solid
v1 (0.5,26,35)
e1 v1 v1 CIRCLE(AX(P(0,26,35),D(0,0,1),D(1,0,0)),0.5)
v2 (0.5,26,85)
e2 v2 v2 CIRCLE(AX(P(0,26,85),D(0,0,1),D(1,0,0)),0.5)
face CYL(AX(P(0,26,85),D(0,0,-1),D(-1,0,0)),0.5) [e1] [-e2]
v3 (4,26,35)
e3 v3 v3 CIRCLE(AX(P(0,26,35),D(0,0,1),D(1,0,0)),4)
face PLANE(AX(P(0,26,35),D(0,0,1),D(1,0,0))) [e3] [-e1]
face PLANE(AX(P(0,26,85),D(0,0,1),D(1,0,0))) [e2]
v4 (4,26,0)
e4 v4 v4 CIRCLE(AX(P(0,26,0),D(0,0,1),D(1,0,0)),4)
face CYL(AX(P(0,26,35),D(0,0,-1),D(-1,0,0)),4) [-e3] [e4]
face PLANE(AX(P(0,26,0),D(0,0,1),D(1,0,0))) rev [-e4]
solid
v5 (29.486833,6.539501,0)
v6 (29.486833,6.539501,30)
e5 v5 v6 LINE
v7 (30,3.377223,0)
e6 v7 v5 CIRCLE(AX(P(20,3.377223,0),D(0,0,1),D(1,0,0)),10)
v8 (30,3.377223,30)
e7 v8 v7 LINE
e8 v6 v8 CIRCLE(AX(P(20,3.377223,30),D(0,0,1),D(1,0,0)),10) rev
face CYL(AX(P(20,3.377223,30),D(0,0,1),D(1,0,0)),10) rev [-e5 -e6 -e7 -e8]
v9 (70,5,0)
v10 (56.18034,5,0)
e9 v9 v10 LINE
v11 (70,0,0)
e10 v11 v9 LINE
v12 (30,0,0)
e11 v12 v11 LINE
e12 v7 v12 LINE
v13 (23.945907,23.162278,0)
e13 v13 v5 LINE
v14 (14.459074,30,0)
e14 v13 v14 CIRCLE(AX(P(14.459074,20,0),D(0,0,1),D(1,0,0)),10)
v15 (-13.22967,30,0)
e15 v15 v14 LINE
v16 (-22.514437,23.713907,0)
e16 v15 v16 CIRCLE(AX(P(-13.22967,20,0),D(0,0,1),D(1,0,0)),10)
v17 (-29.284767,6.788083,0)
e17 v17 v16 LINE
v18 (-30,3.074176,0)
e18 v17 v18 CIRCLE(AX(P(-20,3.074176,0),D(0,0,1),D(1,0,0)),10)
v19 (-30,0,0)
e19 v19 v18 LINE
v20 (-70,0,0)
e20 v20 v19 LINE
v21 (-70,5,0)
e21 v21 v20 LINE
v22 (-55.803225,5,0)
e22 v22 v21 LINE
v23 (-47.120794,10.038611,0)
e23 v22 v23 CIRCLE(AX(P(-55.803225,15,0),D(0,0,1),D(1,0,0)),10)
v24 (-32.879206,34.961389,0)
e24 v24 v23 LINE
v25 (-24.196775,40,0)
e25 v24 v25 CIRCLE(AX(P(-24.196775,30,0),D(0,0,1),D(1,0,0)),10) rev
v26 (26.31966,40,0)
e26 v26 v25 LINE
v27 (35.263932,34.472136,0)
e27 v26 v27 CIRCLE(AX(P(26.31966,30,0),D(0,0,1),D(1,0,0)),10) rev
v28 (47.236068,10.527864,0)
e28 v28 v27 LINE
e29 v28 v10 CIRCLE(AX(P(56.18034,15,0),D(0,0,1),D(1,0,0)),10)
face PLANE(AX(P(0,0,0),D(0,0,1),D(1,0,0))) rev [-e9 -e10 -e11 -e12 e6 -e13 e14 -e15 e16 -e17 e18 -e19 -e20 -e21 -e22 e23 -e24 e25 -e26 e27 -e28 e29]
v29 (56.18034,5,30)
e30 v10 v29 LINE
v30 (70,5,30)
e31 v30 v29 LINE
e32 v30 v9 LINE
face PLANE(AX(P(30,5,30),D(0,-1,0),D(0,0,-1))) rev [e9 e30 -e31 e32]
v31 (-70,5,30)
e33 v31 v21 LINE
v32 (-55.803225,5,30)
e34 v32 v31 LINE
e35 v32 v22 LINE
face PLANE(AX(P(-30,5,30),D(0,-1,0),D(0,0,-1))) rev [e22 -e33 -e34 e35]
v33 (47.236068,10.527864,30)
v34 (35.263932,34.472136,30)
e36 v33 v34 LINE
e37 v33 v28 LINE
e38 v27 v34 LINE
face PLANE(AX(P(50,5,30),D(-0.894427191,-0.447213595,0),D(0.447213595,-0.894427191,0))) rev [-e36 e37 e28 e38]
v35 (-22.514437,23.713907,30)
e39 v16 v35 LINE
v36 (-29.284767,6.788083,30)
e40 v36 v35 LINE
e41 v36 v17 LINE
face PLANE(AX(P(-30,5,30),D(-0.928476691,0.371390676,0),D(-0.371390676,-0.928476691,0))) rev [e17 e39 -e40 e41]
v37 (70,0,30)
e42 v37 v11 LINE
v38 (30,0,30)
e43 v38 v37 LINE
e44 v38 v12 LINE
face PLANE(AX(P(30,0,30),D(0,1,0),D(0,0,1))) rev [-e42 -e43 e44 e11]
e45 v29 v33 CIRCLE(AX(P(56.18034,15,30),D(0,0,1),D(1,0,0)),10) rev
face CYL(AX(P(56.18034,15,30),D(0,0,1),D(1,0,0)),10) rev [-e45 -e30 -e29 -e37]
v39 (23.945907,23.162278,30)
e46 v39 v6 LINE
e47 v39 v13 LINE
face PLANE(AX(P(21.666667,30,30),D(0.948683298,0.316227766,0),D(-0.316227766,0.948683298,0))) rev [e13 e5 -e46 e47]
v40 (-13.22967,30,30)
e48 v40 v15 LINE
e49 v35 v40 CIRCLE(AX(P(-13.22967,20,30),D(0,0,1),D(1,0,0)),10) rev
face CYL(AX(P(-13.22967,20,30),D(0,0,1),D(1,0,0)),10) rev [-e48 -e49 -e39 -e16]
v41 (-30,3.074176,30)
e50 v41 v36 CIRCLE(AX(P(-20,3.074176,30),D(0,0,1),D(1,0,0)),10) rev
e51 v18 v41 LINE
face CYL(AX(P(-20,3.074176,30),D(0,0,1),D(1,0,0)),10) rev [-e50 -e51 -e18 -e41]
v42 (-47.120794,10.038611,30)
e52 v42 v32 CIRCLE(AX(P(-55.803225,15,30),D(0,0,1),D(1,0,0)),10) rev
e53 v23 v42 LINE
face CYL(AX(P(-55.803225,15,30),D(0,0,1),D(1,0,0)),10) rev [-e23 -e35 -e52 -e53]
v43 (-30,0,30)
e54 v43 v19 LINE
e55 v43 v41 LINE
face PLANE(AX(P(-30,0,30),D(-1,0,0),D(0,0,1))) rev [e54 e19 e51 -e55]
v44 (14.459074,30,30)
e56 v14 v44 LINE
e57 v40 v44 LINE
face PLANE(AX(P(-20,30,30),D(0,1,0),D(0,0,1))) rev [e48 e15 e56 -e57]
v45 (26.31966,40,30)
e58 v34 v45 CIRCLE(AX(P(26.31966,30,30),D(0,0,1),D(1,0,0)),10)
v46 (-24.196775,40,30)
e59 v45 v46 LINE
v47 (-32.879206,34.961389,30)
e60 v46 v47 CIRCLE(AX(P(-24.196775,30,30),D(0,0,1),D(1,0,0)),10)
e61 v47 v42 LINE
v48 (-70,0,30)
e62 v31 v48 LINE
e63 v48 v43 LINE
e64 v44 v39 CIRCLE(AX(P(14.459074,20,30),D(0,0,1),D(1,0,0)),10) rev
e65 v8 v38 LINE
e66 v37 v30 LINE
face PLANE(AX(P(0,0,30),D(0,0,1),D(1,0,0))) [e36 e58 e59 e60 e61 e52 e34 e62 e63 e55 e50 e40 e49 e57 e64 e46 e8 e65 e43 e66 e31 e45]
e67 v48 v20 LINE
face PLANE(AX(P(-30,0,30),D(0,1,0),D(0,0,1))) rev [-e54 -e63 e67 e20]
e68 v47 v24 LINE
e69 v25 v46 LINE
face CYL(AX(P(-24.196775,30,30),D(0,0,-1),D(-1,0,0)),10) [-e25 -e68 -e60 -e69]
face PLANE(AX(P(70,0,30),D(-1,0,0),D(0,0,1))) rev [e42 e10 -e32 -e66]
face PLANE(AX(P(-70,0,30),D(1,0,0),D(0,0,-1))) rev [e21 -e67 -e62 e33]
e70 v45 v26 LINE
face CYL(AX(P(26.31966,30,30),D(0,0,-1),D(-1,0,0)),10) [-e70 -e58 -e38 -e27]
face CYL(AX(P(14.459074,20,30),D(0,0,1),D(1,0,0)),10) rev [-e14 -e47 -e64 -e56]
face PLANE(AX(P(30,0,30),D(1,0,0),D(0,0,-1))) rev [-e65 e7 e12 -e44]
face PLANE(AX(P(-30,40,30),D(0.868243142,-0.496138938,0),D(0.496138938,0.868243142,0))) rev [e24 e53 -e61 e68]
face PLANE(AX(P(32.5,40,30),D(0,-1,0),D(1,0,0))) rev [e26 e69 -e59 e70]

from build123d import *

# Parameters (mm, degrees)
SZKIC1_W                      = 40
SZKIC1_H                      = 5
DODANIE_WYCI_GNI_CIE1_DEPTH   = 30
DODANIE_WYCI_GNI_CIE1_2_DEPTH = 30
DODANIE_WYCI_GNI_CIE2_DEPTH   = 30
ZAOKR_GLENIE1_R               = 10
SZKIC3_R                      = 4
DODANIE_WYCI_GNI_CIE3_DEPTH   = 35
SZKIC4_R                      = 0.5
DODANIE_WYCI_GNI_CIE4_DEPTH   = 50


with BuildPart() as part:
    # Szkic1 → Dodanie-wyciągnięcie1 (new body)
    with BuildSketch(Plane.XY):
        with Locations((-50, 2.5)):
            Rectangle(SZKIC1_W, SZKIC1_H)
    extrude(amount=DODANIE_WYCI_GNI_CIE1_DEPTH)



with BuildPart() as body_2:
    # Szkic1 → Dodanie-wyci_gni_cie1 2 (new body)
    with BuildSketch(Plane.XY):
        with Locations((50, 2.5)):
            Rectangle(SZKIC1_W, SZKIC1_H)
    extrude(amount=DODANIE_WYCI_GNI_CIE1_2_DEPTH)


with BuildPart() as part_1:
    add(part.part)

    add(body_2.part)  # Dodanie-wyciągnięcie2 merges body 2
    # Szkic2 → Dodanie-wyciągnięcie2 (add)
    with BuildSketch(Plane.XY):
        Polygon((-30, 5), (-20, 30), (21.666666667, 30), (30, 5), (50, 5), (32.5, 40), (-30, 40), (-50, 5), align=None)
    extrude(amount=DODANIE_WYCI_GNI_CIE2_DEPTH)

    # Zaokrąglenie1
    zaokr_glenie1_edges = [part_1.edges().sort_by_distance(p)[0] for p in [
        (-50, 5, 15),
        (-20, 30, 15),
        (21.666666667, 30, 15),
        (30, 5, 15),
        (50, 5, 15),
        (32.5, 40, 15),
        (-30, 40, 15),
        (-30, 5, 15),
    ]]
    fillet(zaokr_glenie1_edges, radius=ZAOKR_GLENIE1_R)


with BuildPart() as body_2_2:
    # Szkic3 → Dodanie-wyciągnięcie3 (new body)
    with BuildSketch(Plane.XY):
        with Locations((0, 26)):
            Circle(SZKIC3_R)
    extrude(amount=DODANIE_WYCI_GNI_CIE3_DEPTH)

    # Szkic4 → Dodanie-wyciągnięcie4 (add)
    with BuildSketch(Plane.XY.offset(35)):
        with Locations((0, 26)):
            Circle(SZKIC4_R)
    extrude(amount=DODANIE_WYCI_GNI_CIE4_DEPTH)


solid = Compound([part_1.part, body_2_2.part])
